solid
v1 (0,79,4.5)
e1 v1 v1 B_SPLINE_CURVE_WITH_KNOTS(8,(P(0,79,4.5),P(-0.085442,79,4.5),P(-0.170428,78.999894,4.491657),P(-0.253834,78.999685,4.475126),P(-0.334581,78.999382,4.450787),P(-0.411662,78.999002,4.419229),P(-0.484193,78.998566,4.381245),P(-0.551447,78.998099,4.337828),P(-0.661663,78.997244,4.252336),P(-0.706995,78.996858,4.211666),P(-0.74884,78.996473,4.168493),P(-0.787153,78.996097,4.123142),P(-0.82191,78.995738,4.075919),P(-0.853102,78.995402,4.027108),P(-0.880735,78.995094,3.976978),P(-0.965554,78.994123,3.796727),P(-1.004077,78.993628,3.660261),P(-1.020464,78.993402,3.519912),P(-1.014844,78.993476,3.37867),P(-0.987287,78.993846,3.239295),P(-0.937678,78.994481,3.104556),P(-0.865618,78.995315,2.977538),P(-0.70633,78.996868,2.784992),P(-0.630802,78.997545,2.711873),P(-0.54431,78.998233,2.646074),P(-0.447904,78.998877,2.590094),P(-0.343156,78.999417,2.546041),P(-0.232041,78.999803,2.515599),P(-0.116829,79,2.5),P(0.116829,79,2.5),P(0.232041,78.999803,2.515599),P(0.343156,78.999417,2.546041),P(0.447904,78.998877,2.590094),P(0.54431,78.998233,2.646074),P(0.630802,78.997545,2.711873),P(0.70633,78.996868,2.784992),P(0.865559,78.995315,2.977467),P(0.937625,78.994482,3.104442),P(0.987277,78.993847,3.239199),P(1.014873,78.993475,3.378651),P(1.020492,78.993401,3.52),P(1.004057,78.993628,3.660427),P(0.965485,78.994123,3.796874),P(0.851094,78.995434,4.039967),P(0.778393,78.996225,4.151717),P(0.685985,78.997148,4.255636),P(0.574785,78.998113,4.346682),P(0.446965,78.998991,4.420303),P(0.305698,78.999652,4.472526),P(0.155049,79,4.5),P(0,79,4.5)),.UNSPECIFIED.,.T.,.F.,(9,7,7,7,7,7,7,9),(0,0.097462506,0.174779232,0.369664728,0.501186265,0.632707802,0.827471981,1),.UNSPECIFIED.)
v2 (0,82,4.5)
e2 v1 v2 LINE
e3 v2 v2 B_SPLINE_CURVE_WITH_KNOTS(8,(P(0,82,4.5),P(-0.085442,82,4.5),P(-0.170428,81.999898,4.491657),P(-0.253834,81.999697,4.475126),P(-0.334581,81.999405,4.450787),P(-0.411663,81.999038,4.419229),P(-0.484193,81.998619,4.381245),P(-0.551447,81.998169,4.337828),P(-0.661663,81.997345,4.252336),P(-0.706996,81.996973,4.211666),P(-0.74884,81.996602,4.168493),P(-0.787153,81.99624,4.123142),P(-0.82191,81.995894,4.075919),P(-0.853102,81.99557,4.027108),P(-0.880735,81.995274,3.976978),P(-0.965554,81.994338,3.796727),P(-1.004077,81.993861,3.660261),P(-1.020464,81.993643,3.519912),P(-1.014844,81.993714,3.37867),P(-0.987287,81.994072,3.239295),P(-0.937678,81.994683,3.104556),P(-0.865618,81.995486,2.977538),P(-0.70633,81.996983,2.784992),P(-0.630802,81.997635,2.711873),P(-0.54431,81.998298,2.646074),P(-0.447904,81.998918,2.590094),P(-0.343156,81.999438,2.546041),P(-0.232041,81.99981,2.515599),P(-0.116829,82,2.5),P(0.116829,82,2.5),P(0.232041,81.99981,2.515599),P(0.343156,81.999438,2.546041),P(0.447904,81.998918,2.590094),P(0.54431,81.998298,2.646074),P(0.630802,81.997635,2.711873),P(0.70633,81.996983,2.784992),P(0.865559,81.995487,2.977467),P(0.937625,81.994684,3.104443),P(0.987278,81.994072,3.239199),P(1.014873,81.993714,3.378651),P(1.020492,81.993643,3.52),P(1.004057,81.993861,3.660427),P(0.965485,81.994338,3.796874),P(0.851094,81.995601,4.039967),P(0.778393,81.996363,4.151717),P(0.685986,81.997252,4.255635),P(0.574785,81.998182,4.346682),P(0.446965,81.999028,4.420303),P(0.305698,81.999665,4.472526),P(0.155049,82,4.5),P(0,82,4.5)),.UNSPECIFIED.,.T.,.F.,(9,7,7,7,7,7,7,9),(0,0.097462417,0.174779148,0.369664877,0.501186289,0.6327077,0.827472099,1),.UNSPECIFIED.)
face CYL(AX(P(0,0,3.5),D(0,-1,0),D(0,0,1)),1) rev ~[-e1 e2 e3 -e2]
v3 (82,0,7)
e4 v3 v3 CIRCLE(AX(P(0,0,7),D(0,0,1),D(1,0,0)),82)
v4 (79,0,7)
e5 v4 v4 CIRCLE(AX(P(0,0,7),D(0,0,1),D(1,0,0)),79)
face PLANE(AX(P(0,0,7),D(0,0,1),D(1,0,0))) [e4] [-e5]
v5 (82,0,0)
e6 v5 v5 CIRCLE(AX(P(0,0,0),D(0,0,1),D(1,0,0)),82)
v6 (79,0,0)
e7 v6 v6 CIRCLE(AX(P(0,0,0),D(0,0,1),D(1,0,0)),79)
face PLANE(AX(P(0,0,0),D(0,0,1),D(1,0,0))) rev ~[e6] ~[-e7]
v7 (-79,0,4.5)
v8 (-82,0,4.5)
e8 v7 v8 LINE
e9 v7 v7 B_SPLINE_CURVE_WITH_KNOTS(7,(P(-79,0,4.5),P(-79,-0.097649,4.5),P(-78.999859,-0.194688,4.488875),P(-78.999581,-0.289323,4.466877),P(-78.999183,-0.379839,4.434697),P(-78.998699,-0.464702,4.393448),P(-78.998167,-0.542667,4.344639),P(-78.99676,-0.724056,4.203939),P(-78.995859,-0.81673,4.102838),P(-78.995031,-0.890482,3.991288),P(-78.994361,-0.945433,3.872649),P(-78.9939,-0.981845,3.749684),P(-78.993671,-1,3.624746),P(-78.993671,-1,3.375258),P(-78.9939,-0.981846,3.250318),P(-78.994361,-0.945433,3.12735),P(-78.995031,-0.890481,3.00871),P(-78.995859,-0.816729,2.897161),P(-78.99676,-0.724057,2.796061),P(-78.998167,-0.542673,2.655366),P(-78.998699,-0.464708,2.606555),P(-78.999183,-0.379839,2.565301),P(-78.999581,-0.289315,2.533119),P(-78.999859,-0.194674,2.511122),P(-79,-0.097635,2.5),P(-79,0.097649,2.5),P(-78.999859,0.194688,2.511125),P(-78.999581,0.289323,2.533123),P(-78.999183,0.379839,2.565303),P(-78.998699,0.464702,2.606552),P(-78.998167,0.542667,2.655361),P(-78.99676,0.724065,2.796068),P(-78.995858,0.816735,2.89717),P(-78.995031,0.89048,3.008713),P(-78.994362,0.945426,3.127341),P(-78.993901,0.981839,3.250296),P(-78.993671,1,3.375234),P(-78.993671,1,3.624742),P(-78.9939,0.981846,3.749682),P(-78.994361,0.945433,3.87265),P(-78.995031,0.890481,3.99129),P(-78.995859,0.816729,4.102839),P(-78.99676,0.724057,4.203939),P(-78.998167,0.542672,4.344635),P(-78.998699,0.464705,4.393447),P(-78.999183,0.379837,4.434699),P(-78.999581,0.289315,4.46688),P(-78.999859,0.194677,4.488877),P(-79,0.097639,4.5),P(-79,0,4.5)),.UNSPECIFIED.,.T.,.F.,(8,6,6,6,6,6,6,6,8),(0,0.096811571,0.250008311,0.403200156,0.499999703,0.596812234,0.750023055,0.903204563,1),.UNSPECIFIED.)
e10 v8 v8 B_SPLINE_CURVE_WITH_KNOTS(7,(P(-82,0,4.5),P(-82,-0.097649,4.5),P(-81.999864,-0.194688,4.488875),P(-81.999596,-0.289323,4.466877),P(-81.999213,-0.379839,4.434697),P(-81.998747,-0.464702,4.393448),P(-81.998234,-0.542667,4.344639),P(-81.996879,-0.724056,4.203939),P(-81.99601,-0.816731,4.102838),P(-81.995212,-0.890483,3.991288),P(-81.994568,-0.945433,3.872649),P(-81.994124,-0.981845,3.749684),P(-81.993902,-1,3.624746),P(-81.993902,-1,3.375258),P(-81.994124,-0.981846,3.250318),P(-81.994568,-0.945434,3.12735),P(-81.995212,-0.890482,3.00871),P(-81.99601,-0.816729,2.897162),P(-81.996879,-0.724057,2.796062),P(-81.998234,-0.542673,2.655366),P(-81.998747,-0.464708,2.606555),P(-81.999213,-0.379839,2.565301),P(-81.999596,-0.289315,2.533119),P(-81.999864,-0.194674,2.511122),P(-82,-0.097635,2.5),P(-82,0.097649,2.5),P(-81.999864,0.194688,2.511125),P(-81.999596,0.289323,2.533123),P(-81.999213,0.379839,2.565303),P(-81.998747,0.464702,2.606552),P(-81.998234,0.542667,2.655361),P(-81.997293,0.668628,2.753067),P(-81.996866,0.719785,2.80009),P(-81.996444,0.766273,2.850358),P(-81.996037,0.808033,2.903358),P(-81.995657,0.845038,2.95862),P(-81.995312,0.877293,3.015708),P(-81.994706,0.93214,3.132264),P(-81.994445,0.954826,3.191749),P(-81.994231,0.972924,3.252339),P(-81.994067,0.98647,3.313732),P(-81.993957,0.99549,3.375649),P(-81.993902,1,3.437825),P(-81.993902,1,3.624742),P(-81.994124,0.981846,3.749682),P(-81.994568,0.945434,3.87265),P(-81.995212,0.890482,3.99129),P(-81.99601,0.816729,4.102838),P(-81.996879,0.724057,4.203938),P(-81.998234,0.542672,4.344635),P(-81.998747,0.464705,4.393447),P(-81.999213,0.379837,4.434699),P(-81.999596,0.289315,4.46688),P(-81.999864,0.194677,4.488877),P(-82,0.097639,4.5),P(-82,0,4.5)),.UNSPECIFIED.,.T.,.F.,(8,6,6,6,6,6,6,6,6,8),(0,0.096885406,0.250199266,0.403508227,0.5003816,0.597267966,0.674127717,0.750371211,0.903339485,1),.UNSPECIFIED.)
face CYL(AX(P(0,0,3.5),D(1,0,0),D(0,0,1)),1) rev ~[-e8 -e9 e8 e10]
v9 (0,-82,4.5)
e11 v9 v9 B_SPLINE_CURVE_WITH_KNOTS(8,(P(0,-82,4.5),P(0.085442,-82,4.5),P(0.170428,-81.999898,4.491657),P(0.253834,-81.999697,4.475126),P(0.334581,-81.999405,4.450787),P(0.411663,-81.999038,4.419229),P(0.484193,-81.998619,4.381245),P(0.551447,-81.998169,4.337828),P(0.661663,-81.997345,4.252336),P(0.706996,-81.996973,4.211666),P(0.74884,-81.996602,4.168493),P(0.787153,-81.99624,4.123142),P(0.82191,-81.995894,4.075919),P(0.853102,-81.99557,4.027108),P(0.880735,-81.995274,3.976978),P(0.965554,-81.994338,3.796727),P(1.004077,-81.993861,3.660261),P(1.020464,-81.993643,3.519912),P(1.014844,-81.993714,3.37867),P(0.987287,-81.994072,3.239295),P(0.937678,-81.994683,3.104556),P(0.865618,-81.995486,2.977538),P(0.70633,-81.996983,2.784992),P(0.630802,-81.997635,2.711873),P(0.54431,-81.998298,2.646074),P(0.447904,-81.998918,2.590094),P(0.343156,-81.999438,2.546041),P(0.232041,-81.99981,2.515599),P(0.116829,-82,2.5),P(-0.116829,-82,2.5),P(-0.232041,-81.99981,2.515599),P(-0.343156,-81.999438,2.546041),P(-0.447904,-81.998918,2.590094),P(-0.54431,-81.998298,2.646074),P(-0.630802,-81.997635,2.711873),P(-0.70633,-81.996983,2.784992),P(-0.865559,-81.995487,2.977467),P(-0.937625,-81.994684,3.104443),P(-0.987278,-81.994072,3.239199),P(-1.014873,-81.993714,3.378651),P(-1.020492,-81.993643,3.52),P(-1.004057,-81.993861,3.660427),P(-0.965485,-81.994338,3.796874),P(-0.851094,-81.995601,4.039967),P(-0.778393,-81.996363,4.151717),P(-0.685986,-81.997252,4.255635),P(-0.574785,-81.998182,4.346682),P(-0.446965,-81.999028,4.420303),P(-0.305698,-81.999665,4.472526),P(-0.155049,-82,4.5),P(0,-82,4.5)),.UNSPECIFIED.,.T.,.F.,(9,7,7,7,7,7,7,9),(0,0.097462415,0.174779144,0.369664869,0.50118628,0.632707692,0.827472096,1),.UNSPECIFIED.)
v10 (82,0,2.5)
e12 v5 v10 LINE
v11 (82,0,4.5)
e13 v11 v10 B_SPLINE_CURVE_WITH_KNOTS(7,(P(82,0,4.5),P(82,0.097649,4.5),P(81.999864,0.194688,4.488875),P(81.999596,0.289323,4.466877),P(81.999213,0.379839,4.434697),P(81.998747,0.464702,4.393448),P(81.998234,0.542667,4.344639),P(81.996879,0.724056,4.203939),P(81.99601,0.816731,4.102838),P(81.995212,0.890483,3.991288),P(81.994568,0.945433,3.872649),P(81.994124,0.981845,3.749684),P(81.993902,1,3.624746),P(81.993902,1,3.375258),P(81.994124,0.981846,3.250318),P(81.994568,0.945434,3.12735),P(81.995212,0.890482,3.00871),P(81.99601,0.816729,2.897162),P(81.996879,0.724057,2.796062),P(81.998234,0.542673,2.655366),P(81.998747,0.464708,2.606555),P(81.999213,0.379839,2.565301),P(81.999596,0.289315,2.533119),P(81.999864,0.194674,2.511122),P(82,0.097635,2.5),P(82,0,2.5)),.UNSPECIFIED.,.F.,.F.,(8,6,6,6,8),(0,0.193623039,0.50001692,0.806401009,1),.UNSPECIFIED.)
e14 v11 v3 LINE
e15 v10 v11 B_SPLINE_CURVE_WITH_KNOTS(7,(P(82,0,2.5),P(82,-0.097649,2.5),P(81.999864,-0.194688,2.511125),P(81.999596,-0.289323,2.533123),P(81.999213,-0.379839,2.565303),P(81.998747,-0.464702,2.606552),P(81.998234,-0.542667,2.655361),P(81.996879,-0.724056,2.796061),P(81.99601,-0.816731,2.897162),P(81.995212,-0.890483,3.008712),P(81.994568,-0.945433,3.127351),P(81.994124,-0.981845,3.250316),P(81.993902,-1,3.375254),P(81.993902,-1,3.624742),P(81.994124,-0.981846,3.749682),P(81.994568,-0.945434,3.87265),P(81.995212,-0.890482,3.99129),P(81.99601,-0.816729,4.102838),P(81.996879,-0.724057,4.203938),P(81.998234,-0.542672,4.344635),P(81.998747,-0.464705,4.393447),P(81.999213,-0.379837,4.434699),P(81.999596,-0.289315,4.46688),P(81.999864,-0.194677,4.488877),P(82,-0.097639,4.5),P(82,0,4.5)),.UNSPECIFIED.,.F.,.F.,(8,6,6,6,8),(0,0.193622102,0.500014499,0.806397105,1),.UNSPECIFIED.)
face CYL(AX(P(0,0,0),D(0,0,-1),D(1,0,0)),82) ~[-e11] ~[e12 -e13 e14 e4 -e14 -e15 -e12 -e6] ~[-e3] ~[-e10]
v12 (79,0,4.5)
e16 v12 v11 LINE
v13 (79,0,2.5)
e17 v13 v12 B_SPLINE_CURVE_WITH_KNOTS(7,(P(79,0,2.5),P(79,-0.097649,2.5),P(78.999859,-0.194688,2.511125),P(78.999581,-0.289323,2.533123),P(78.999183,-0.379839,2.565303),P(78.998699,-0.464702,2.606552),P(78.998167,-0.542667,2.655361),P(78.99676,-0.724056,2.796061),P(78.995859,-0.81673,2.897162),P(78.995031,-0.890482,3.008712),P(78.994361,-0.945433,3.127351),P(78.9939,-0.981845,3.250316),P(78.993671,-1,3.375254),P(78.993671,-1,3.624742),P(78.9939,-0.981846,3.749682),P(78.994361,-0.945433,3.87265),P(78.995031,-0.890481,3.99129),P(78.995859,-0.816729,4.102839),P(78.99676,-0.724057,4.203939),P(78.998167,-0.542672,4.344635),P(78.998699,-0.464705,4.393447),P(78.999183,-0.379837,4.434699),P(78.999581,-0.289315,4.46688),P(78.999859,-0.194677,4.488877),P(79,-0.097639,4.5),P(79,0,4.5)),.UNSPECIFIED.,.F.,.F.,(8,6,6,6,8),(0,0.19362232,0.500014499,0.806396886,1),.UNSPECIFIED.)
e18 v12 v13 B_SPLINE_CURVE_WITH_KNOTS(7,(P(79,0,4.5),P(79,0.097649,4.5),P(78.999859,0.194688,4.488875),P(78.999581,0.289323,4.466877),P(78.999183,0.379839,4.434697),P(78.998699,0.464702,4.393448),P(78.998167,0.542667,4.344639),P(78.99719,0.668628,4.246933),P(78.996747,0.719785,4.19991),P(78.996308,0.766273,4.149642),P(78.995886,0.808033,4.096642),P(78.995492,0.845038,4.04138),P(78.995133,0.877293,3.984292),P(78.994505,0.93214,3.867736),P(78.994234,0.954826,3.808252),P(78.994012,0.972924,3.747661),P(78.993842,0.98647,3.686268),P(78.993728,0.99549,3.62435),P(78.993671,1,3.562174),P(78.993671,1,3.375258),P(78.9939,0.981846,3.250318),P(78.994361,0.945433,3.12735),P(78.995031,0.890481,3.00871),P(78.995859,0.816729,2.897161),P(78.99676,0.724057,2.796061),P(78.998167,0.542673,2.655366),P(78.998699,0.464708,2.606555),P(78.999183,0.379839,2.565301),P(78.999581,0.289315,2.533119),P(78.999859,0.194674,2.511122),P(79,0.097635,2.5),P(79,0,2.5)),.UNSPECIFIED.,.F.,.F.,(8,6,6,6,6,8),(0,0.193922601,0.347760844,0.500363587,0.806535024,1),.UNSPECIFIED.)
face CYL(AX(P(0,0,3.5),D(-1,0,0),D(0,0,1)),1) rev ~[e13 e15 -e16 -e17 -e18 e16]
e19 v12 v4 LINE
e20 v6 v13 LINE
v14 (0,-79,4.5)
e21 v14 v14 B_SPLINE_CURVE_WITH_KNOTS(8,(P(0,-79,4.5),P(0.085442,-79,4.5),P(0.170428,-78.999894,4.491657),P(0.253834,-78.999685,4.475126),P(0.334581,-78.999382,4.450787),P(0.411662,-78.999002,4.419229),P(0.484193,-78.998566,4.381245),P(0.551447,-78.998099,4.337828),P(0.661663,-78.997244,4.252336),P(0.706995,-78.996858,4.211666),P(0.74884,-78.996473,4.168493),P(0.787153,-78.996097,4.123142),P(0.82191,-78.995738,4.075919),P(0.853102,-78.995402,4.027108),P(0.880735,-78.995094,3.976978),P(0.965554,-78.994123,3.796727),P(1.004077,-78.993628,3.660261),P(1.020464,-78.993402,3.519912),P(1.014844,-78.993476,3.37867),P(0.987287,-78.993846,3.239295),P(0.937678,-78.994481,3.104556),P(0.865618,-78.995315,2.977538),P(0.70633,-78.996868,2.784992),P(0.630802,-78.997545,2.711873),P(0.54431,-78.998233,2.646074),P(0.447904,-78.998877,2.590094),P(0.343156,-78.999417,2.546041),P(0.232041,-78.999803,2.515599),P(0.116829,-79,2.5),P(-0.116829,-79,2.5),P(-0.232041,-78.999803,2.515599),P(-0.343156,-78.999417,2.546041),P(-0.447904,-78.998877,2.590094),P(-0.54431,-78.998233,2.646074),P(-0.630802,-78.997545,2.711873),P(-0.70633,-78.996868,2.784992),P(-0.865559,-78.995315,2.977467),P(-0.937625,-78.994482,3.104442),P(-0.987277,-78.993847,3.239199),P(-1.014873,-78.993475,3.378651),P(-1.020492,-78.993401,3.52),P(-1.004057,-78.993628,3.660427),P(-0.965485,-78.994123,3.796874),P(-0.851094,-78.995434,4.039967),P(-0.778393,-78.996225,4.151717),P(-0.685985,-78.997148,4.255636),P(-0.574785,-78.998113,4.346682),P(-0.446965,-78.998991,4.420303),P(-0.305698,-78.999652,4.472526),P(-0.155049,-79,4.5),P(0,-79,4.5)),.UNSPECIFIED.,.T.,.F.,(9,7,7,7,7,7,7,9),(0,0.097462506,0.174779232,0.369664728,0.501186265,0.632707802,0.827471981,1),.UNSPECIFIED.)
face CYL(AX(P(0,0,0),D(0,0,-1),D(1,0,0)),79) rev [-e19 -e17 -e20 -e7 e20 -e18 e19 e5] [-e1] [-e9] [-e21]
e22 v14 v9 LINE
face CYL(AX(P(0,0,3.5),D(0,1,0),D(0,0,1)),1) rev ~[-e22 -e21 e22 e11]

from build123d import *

# Parameters (mm, degrees)
SKETCH1_R           = 82
SKETCH1_R_2         = 79
BOSS_EXTRUDE1_DEPTH = 7
SKETCH2_R           = 1
CUT_EXTRUDE1_DEPTH  = 125
CIRPATTERN1_COUNT   = 4


with BuildPart() as part:
    # Sketch1 → Boss-Extrude1 (new body)
    with BuildSketch(Plane.XY):
        Circle(SKETCH1_R)
        Circle(SKETCH1_R_2, mode=Mode.SUBTRACT)
    extrude(amount=BOSS_EXTRUDE1_DEPTH)

    # Sketch2 → Cut-Extrude1 (cut)
    with BuildSketch(Plane(origin=(0, 0, 0), x_dir=(1, 0, 0), z_dir=(0, 1, 0))):
        with Locations(Location((0, -3.5, 0), (0, 0, 270))):
            Circle(SKETCH2_R)
    cut_extrude1 = extrude(amount=-CUT_EXTRUDE1_DEPTH, mode=Mode.SUBTRACT)

    # CirPattern1: Cut-Extrude1 ×4 about axis
    cirpattern1_axis = Axis((0, 0, 0), (0, 0, 1))
    for i in range(1, CIRPATTERN1_COUNT):
        add(cut_extrude1.rotate(cirpattern1_axis, i * 360 / CIRPATTERN1_COUNT), mode=Mode.SUBTRACT)


solid = part.part
